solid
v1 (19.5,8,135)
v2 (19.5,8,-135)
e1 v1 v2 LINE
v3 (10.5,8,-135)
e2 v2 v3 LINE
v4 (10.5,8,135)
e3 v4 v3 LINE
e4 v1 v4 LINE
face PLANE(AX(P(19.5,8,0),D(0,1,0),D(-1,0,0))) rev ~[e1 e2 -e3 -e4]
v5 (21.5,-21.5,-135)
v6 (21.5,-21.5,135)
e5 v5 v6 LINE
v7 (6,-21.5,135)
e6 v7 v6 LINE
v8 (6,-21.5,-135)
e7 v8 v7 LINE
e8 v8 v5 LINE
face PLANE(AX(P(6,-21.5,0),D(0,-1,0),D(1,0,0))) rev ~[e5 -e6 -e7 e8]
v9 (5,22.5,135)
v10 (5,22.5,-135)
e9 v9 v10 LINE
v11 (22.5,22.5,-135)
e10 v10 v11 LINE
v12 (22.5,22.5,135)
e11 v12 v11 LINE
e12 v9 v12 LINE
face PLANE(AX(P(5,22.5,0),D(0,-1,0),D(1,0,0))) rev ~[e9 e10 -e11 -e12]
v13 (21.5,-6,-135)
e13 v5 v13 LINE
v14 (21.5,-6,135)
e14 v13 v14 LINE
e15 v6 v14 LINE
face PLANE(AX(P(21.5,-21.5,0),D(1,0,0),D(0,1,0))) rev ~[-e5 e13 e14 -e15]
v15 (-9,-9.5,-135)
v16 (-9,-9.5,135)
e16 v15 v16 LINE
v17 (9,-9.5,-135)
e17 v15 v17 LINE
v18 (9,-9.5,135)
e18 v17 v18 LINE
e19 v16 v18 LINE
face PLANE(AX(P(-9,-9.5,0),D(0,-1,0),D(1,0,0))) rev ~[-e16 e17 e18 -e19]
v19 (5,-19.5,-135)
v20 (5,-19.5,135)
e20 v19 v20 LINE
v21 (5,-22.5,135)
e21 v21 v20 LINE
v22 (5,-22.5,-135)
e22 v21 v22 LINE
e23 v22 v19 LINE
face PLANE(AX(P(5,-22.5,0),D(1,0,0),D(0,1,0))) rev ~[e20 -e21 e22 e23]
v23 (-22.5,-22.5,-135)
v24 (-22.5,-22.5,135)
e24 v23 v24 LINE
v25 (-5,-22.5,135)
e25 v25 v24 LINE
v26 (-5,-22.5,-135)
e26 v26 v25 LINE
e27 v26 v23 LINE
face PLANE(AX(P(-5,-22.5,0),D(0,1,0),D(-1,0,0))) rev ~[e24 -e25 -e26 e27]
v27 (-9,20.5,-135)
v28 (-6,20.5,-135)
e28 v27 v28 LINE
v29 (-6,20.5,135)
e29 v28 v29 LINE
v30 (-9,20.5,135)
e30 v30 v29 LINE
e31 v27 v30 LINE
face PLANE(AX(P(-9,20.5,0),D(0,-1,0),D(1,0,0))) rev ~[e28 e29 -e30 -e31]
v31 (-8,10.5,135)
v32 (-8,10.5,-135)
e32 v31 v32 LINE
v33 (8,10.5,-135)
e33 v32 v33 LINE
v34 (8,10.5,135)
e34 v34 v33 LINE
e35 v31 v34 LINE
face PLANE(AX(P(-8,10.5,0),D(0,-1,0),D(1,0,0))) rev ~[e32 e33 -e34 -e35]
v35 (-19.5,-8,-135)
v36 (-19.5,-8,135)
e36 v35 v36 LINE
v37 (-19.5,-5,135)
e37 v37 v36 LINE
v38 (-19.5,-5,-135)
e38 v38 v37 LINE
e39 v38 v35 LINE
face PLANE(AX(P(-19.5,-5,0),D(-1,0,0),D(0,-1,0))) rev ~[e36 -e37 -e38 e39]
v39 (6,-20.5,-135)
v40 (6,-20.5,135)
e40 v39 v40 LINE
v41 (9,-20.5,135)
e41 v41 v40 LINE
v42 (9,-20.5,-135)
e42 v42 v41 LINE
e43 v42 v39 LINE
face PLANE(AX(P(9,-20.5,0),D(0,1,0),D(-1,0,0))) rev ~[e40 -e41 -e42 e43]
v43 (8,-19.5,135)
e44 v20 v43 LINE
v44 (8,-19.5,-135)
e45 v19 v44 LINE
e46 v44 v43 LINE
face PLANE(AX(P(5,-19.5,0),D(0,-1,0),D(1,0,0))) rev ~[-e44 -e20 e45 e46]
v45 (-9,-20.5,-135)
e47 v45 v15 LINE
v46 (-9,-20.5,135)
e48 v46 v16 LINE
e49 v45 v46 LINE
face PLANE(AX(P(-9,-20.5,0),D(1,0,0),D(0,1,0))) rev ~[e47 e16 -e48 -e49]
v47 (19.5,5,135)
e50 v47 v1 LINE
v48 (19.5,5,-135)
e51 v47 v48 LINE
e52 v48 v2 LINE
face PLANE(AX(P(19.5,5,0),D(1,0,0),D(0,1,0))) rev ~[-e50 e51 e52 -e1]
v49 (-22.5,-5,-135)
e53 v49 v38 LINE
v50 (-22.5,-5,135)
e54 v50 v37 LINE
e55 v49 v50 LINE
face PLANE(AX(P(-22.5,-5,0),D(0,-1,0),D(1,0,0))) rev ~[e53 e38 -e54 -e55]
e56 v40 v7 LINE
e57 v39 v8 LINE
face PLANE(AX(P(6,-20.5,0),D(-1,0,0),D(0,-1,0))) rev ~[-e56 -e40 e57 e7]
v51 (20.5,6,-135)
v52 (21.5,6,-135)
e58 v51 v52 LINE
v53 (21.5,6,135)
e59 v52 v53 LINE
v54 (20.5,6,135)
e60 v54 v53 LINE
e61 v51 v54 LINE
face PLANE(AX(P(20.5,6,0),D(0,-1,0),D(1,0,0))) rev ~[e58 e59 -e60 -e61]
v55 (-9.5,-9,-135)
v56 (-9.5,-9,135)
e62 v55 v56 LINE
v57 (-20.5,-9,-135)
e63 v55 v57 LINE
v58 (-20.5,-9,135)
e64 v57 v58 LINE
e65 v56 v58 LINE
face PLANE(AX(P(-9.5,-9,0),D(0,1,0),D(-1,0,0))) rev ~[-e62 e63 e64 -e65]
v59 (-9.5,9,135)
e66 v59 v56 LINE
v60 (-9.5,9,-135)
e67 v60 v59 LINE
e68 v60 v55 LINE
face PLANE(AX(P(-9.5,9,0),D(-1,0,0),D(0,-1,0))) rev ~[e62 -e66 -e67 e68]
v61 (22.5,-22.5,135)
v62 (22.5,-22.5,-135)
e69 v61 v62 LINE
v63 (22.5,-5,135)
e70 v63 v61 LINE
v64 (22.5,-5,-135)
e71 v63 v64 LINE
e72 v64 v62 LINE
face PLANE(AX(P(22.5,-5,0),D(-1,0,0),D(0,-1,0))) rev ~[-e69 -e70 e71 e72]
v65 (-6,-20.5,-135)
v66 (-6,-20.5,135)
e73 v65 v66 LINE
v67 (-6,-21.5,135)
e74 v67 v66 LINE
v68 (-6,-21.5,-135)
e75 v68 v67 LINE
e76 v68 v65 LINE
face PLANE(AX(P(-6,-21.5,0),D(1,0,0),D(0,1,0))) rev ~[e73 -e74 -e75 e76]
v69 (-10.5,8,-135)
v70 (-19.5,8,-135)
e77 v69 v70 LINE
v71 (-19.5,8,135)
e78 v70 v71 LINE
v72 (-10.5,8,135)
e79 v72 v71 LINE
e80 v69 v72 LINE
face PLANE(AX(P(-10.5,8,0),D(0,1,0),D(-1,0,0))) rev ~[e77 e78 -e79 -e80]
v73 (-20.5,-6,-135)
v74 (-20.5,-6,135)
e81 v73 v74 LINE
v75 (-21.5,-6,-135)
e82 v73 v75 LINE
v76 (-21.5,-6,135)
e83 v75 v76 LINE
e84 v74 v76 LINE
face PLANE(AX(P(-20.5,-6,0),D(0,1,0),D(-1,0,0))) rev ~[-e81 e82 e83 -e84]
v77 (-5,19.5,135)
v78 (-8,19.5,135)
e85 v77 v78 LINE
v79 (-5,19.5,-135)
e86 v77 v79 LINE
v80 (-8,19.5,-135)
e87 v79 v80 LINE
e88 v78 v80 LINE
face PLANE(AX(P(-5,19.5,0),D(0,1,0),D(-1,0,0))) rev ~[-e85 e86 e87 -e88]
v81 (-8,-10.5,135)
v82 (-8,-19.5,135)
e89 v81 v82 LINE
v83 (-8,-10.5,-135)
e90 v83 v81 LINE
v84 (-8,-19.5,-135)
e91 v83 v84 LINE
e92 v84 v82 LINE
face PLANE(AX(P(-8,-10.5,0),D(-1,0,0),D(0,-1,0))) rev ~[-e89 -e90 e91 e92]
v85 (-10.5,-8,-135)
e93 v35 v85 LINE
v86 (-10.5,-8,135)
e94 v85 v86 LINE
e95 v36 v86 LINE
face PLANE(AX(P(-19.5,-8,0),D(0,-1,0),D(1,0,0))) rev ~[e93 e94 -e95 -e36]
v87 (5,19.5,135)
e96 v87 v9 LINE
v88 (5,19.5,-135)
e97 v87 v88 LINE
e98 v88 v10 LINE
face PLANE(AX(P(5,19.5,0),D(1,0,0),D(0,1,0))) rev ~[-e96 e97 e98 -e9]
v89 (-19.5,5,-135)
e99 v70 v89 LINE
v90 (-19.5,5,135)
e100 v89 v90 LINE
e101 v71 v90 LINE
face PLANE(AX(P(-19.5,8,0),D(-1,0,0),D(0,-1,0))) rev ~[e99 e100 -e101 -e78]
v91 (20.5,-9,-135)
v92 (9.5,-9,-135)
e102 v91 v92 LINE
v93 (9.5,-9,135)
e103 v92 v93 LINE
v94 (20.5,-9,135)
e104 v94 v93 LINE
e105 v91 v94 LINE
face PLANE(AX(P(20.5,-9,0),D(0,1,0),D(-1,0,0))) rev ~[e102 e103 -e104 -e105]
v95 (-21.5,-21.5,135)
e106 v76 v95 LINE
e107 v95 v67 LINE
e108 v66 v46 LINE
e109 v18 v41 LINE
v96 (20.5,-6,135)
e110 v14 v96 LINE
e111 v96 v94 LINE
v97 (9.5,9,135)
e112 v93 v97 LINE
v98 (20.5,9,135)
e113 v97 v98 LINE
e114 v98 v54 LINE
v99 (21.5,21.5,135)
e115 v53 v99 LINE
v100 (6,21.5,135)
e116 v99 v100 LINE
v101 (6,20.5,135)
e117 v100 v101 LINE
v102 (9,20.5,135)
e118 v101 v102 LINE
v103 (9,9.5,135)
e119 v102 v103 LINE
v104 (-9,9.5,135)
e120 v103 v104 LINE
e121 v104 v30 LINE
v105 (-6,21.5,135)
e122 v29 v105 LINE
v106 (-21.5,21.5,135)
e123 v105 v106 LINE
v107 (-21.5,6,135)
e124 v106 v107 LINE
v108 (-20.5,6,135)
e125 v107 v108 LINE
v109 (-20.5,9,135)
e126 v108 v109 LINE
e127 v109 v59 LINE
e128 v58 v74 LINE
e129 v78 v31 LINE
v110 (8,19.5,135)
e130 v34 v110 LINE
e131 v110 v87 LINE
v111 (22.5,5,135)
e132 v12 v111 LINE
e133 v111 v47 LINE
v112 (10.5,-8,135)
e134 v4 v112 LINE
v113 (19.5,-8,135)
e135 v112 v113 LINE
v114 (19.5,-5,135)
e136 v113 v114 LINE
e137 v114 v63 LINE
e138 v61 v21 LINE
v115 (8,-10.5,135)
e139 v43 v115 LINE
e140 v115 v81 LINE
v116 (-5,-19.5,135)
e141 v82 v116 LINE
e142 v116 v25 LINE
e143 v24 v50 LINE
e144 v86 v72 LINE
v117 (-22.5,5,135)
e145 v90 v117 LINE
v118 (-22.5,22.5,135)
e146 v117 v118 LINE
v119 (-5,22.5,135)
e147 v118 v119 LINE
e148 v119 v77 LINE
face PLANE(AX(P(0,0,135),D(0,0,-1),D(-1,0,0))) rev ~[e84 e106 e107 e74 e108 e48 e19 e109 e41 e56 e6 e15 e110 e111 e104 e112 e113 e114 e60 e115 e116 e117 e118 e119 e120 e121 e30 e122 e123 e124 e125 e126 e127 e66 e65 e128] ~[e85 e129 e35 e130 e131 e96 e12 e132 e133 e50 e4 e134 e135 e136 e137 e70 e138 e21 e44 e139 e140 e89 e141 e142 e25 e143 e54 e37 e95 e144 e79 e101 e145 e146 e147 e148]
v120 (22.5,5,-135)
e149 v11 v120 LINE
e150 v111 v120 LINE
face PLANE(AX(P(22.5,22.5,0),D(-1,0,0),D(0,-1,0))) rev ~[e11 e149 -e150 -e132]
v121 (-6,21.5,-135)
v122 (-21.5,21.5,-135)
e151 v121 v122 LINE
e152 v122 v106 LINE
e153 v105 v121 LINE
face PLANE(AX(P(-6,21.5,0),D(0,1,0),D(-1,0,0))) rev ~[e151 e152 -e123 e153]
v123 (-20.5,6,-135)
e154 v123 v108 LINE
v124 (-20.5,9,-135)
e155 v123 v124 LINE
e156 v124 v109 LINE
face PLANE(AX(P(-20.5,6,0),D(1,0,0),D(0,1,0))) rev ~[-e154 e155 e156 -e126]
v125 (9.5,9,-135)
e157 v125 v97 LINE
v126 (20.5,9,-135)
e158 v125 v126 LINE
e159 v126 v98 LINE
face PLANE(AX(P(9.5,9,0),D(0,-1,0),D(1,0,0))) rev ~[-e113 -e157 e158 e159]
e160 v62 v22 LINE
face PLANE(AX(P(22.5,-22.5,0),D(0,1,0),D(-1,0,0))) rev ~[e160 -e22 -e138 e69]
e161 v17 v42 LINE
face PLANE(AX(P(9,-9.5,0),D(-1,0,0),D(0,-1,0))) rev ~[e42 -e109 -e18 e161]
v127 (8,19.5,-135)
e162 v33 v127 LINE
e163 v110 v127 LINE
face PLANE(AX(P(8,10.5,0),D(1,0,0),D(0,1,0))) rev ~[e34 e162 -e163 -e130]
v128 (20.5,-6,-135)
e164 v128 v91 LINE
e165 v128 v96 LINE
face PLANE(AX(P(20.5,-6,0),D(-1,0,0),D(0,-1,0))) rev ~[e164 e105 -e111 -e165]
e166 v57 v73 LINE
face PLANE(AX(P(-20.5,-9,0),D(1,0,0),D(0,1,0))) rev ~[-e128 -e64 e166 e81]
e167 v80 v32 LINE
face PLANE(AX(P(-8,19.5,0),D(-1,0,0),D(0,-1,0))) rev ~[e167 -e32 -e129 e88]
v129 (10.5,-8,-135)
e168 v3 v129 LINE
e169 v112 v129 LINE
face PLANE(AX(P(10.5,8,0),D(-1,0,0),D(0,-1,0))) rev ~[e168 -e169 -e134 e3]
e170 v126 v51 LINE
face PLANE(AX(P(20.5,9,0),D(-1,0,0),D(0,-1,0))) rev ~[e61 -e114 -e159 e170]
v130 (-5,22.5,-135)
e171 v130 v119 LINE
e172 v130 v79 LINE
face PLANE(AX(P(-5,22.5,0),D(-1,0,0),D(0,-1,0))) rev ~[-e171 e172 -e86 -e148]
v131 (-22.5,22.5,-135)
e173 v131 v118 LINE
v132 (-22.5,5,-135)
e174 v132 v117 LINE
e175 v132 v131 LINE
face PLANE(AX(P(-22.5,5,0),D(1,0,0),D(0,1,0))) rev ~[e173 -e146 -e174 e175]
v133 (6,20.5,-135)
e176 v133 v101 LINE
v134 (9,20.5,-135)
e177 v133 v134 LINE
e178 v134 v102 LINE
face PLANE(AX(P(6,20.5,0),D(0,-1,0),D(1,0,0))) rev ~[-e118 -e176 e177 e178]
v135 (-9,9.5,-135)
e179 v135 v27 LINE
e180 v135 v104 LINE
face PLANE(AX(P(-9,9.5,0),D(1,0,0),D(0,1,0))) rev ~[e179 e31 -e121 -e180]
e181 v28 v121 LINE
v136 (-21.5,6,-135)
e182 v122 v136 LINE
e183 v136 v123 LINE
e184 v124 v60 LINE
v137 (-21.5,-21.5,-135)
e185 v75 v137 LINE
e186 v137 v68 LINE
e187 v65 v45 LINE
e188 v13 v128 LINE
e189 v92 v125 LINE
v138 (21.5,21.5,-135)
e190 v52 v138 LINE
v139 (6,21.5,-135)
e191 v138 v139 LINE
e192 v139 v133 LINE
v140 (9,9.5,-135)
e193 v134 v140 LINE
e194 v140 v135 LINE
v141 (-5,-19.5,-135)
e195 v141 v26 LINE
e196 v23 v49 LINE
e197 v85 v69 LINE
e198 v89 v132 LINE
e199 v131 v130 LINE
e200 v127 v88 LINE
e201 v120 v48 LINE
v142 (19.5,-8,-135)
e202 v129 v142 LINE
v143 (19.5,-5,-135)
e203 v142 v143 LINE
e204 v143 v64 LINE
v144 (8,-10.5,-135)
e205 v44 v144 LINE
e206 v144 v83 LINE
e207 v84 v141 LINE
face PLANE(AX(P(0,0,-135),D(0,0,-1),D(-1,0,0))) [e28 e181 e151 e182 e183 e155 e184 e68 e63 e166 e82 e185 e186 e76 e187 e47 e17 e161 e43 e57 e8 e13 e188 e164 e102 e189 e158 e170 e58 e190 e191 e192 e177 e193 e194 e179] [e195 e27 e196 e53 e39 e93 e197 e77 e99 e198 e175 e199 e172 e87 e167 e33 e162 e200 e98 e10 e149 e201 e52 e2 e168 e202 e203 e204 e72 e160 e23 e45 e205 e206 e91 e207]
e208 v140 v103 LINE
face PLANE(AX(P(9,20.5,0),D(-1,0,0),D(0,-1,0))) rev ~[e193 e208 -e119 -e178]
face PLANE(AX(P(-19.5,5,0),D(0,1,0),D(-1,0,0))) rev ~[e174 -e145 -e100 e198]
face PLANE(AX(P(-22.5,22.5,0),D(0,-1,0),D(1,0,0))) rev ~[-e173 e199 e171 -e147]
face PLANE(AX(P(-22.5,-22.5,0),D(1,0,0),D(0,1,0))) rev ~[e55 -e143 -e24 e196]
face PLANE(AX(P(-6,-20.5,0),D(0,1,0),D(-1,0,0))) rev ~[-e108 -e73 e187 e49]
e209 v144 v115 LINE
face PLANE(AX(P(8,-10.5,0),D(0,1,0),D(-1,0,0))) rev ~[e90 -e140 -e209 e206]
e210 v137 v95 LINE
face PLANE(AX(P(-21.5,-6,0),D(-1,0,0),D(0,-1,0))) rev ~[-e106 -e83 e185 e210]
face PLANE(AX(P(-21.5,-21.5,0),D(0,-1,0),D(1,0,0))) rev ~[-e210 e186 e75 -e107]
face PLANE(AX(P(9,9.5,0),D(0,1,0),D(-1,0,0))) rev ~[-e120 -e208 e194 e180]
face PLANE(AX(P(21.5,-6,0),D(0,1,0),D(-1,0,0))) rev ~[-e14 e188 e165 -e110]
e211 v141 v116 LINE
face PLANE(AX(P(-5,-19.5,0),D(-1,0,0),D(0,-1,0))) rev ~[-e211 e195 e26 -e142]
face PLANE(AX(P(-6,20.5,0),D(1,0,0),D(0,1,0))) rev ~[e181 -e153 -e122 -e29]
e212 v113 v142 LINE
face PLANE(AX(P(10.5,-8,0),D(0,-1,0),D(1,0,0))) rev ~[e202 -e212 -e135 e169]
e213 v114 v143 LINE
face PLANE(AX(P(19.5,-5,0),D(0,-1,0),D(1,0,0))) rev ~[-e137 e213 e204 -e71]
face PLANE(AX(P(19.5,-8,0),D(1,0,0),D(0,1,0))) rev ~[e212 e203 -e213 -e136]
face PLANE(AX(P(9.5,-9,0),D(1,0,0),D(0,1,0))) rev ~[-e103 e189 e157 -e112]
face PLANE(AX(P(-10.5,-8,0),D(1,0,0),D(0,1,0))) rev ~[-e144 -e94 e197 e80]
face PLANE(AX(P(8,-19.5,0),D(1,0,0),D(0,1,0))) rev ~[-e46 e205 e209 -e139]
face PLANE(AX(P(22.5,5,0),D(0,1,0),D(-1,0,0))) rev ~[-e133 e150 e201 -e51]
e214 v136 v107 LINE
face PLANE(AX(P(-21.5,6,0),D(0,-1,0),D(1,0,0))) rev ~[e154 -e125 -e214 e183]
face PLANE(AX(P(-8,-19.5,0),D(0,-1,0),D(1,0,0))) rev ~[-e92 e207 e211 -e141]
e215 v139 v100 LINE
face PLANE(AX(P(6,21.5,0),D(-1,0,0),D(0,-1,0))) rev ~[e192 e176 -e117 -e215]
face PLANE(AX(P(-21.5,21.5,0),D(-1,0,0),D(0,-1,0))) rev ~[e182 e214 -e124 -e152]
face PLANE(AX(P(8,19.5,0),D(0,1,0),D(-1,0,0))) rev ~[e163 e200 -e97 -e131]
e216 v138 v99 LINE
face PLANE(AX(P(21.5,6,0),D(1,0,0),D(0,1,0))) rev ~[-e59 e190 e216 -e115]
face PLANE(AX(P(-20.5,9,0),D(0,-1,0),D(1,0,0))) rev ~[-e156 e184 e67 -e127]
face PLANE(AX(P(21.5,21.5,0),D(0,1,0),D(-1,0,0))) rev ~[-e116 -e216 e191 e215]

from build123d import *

# Parameters (mm, degrees)
BOSS_EXTRUDE2_DEPTH = 135


with BuildPart() as part:
    # Sketch1 → Boss-Extrude2 (new, symmetric)
    with BuildSketch(Plane.XY):
        Polygon((-5, 22.5), (-5, 19.5), (-8, 19.5), (-8, 10.5), (8, 10.5), (8, 19.5), (5, 19.5), (5, 22.5), (22.5, 22.5), (22.5, 5), (19.5, 5), (19.5, 8), (10.5, 8), (10.5, -8), (19.5, -8), (19.5, -5), (22.5, -5), (22.5, -22.5), (5, -22.5), (5, -19.5), (8, -19.5), (8, -10.5), (-8, -10.5), (-8, -19.5), (-5, -19.5), (-5, -22.5), (-22.5, -22.5), (-22.5, -5), (-19.5, -5), (-19.5, -8), (-10.5, -8), (-10.5, 8), (-19.5, 8), (-19.5, 5), (-22.5, 5), (-22.5, 22.5), align=None)
        Polygon((-6, 21.5), (-21.5, 21.5), (-21.5, 6), (-20.5, 6), (-20.5, 9), (-9.5, 9), (-9.5, -9), (-20.5, -9), (-20.5, -6), (-21.5, -6), (-21.5, -21.5), (-6, -21.5), (-6, -20.5), (-9, -20.5), (-9, -9.5), (9, -9.5), (9, -20.5), (6, -20.5), (6, -21.5), (21.5, -21.5), (21.5, -6), (20.5, -6), (20.5, -9), (9.5, -9), (9.5, 9), (20.5, 9), (20.5, 6), (21.5, 6), (21.5, 21.5), (6, 21.5), (6, 20.5), (9, 20.5), (9, 9.5), (-9, 9.5), (-9, 20.5), (-6, 20.5), align=None, mode=Mode.SUBTRACT)
    extrude(amount=BOSS_EXTRUDE2_DEPTH, both=True)


solid = part.part
